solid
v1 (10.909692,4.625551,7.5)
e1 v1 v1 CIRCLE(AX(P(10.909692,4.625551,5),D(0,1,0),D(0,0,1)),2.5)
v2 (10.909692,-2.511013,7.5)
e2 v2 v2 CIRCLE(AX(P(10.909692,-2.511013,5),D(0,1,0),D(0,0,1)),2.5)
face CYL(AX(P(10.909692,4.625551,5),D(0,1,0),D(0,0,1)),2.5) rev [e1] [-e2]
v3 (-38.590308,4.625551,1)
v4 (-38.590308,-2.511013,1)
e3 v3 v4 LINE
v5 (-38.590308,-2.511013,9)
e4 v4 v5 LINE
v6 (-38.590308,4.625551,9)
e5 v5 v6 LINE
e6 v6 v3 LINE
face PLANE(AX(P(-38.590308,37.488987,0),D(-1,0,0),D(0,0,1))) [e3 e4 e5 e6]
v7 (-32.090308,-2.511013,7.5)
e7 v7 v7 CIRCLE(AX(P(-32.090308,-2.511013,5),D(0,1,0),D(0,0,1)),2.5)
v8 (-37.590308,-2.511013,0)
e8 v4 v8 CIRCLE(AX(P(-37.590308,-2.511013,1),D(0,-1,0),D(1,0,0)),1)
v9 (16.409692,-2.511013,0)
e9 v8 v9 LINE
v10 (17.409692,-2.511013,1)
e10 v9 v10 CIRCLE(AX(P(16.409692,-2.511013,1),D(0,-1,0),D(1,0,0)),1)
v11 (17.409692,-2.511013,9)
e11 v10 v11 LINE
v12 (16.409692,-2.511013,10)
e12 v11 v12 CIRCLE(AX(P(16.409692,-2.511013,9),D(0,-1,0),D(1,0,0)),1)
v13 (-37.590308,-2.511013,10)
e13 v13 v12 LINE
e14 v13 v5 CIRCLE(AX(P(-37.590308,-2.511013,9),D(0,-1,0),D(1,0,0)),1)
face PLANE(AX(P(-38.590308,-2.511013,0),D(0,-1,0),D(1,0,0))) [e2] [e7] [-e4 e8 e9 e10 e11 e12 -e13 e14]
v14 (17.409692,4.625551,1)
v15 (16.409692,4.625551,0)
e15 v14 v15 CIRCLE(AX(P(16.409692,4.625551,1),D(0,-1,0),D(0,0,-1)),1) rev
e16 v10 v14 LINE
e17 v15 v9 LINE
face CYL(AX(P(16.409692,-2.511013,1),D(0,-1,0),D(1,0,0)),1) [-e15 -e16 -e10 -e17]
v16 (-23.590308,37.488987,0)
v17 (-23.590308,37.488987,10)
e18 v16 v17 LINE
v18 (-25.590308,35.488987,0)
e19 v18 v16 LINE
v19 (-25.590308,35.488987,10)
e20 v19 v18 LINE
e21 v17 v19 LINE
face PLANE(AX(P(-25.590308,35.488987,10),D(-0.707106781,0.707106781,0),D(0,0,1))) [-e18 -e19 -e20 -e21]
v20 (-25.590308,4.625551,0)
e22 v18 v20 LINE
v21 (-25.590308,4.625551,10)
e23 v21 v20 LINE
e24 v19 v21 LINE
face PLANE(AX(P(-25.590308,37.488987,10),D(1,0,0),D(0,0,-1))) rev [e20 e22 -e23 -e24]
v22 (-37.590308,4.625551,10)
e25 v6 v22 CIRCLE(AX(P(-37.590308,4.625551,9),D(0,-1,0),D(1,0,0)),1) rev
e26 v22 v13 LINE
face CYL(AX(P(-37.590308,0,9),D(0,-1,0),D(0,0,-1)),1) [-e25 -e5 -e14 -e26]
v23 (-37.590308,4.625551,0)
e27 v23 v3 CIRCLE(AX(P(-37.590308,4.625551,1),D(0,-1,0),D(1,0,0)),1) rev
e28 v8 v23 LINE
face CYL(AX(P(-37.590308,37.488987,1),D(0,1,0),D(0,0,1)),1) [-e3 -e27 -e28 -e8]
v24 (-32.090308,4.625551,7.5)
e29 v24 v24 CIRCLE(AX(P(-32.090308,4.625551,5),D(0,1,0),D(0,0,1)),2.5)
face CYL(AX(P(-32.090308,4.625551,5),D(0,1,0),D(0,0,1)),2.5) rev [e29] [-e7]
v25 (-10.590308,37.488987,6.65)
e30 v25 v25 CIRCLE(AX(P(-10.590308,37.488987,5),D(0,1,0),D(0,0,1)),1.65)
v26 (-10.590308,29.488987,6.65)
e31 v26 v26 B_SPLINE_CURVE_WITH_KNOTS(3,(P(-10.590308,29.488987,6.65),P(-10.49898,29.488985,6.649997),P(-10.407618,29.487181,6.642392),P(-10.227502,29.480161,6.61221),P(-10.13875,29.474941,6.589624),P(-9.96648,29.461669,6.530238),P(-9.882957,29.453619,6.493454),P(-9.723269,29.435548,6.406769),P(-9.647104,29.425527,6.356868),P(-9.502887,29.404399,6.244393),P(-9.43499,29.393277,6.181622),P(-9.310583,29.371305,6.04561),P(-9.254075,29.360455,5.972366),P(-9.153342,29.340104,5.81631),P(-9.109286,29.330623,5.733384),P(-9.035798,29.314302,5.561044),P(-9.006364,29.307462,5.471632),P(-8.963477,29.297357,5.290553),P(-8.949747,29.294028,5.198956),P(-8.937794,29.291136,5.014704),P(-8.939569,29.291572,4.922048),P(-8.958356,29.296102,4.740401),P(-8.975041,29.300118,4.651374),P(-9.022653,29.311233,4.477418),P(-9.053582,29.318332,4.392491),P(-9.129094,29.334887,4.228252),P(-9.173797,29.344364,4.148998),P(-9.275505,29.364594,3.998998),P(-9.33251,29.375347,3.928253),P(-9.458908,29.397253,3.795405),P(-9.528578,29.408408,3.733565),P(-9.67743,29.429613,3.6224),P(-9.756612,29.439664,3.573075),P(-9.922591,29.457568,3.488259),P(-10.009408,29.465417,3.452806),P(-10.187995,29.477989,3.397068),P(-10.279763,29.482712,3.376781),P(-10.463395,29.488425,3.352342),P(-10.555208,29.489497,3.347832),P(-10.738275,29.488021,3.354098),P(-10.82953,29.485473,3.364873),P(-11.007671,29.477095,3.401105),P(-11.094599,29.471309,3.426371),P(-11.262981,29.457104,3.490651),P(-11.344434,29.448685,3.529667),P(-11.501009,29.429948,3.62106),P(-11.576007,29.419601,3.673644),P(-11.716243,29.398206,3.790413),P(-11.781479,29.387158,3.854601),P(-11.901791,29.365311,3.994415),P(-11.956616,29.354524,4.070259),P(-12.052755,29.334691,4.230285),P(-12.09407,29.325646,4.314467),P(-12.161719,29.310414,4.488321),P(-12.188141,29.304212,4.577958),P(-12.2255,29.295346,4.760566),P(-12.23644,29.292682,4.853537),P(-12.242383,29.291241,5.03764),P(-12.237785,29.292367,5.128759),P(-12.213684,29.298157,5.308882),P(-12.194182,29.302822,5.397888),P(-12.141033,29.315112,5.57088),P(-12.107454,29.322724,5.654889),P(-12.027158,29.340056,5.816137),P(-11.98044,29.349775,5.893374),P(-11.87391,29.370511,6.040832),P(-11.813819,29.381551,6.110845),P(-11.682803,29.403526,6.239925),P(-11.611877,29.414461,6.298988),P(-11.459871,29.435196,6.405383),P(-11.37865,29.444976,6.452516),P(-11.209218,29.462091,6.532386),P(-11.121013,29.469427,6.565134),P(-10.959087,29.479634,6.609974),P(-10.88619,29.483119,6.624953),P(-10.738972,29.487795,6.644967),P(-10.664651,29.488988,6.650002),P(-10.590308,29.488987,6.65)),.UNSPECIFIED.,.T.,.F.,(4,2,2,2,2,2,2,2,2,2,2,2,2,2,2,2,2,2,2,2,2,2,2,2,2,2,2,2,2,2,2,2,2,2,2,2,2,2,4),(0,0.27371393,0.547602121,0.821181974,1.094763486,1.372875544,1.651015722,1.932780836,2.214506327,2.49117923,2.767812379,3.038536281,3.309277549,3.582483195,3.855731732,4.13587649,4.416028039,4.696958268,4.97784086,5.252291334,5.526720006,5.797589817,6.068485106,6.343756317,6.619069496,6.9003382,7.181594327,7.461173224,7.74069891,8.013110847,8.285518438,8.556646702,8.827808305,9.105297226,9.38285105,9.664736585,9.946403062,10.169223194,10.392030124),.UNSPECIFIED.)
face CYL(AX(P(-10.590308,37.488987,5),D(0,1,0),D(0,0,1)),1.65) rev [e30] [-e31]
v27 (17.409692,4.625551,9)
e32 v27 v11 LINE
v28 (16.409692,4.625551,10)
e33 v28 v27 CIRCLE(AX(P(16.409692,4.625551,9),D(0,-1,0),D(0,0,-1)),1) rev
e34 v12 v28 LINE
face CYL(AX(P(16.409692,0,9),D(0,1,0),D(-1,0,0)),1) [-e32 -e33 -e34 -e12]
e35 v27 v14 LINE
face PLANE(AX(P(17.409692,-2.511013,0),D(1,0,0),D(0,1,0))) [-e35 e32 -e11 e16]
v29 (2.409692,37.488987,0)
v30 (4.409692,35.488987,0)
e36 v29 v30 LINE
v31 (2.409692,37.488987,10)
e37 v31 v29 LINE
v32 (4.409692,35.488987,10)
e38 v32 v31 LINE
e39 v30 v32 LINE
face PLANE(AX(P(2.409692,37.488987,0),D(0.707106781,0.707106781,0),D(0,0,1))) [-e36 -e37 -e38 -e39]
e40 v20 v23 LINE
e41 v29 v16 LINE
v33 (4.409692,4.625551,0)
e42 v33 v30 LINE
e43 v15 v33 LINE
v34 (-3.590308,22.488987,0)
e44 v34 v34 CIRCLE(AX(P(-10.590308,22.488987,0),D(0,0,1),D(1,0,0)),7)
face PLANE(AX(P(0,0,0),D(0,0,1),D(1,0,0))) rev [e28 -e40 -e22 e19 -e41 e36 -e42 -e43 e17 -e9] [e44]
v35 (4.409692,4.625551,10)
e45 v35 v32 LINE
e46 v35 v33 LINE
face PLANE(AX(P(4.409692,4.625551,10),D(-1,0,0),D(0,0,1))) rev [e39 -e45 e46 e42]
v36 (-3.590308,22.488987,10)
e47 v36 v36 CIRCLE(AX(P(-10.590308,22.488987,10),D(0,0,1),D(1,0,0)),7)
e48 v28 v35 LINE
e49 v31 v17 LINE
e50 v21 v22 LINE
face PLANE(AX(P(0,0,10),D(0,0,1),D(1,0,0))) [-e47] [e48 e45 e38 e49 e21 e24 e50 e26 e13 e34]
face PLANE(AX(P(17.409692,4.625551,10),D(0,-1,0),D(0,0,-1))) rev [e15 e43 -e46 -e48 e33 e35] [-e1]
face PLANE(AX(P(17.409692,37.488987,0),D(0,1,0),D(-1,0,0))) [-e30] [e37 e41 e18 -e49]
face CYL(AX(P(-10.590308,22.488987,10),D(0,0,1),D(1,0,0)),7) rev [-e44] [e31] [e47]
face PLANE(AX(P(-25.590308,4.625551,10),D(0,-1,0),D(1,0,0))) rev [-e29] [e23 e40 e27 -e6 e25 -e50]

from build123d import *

# Parameters (mm, degrees)
SKETCH1_W                       = 56
SKETCH1_H                       = 40
BOSS_EXTRUDE1_DEPTH             = 10
SKETCH2_W                       = 13
SKETCH2_H                       = 32.863436123
CUT_EXTRUDE1_DEPTH              = 55.723267722
SKETCH3_W                       = 13
SKETCH3_H                       = 32.863436123
CUT_EXTRUDE2_DEPTH              = 55.723267722
F_14_0_14_DIAMETER_HOLE1_D      = 14
F_3_3_3_3_DIAMETER_HOLE1_REACH  = 58.473
F_3_3_3_3_DIAMETER_HOLE1_BORE_R = 1.65
F_5_0_5_DIAMETER_HOLE1_D        = 5
CHAMFER1_SIZE                   = 2
FILLET1_R                       = 1


with BuildPart() as part:
    # Sketch1 → Boss-Extrude1 (new body)
    with BuildSketch(Plane.XY.offset(10)):
        with Locations((-10.59030837, 17.488986784)):
            Rectangle(SKETCH1_W, SKETCH1_H)
    extrude(amount=-BOSS_EXTRUDE1_DEPTH)

    # Sketch2 → Cut-Extrude1 (cut, through all)
    with BuildSketch(Plane(origin=(0, 0, 0), x_dir=(-1, 0, 0), z_dir=(0, 0, -1))):
        with Locations((32.09030837, 21.057268723)):
            Rectangle(SKETCH2_W, SKETCH2_H)
    extrude(amount=-CUT_EXTRUDE1_DEPTH, mode=Mode.SUBTRACT)

    # Sketch3 → Cut-Extrude2 (cut, through all)
    with BuildSketch(Plane(origin=(0, 0, 0), x_dir=(-1, 0, 0), z_dir=(0, 0, -1))):
        with Locations((-10.90969163, 21.057268723)):
            Rectangle(SKETCH3_W, SKETCH3_H)
    extrude(amount=-CUT_EXTRUDE2_DEPTH, mode=Mode.SUBTRACT)

    # Ø14.0 (14) Diameter Hole1 (through all)
    with Locations(Plane.XY.offset(10)):
        with Locations((-10.59030837, 22.488986784)):
            Hole(F_14_0_14_DIAMETER_HOLE1_D / 2)

    # Ø3.3 (3.3) Diameter Hole1 bore → Ø3.3 (3.3) Diameter Hole1 (cut, up to next)
    with BuildSketch(Plane(origin=(0, 37.488986784, 0), x_dir=(1, 0, 0), z_dir=(0, 1, 0)), mode=Mode.PRIVATE) as f_3_3_3_3_diameter_hole1_sk1:
        with Locations((-10.59030837, -5)):
            Circle(F_3_3_3_3_DIAMETER_HOLE1_BORE_R)
    f_3_3_3_3_diameter_hole1_tool1 = extrude(f_3_3_3_3_diameter_hole1_sk1.sketch, amount=-F_3_3_3_3_DIAMETER_HOLE1_REACH, mode=Mode.PRIVATE) & part.part
    add(f_3_3_3_3_diameter_hole1_tool1.solids().sort_by_distance((-10.590308, 37.488987, 5))[0], mode=Mode.SUBTRACT)

    # Ø5.0 (5) Diameter Hole1 (through all)
    with Locations(Plane(origin=(0, 4.625550661, 0), x_dir=(1, 0, 0), z_dir=(0, 1, 0))):
        with Locations((-32.09030837, -5), (10.90969163, -5)):
            Hole(F_5_0_5_DIAMETER_HOLE1_D / 2)

    # Chamfer1
    chamfer1_edges = [part.edges().sort_by_distance(p)[0] for p in [
        (-25.59030837, 37.488986784, 5),
        (4.40969163, 37.488986784, 5),
    ]]
    chamfer(chamfer1_edges, length=CHAMFER1_SIZE)

    # Fillet1
    fillet1_edges = [part.edges().sort_by_distance(p)[0] for p in [
        (17.40969163, 1.057268722, 0),
        (-38.59030837, 1.057268722, 10),
        (-38.59030837, 1.057268722, 0),
        (17.40969163, 1.057268722, 10),
    ]]
    fillet(fillet1_edges, radius=FILLET1_R)


solid = part.part
